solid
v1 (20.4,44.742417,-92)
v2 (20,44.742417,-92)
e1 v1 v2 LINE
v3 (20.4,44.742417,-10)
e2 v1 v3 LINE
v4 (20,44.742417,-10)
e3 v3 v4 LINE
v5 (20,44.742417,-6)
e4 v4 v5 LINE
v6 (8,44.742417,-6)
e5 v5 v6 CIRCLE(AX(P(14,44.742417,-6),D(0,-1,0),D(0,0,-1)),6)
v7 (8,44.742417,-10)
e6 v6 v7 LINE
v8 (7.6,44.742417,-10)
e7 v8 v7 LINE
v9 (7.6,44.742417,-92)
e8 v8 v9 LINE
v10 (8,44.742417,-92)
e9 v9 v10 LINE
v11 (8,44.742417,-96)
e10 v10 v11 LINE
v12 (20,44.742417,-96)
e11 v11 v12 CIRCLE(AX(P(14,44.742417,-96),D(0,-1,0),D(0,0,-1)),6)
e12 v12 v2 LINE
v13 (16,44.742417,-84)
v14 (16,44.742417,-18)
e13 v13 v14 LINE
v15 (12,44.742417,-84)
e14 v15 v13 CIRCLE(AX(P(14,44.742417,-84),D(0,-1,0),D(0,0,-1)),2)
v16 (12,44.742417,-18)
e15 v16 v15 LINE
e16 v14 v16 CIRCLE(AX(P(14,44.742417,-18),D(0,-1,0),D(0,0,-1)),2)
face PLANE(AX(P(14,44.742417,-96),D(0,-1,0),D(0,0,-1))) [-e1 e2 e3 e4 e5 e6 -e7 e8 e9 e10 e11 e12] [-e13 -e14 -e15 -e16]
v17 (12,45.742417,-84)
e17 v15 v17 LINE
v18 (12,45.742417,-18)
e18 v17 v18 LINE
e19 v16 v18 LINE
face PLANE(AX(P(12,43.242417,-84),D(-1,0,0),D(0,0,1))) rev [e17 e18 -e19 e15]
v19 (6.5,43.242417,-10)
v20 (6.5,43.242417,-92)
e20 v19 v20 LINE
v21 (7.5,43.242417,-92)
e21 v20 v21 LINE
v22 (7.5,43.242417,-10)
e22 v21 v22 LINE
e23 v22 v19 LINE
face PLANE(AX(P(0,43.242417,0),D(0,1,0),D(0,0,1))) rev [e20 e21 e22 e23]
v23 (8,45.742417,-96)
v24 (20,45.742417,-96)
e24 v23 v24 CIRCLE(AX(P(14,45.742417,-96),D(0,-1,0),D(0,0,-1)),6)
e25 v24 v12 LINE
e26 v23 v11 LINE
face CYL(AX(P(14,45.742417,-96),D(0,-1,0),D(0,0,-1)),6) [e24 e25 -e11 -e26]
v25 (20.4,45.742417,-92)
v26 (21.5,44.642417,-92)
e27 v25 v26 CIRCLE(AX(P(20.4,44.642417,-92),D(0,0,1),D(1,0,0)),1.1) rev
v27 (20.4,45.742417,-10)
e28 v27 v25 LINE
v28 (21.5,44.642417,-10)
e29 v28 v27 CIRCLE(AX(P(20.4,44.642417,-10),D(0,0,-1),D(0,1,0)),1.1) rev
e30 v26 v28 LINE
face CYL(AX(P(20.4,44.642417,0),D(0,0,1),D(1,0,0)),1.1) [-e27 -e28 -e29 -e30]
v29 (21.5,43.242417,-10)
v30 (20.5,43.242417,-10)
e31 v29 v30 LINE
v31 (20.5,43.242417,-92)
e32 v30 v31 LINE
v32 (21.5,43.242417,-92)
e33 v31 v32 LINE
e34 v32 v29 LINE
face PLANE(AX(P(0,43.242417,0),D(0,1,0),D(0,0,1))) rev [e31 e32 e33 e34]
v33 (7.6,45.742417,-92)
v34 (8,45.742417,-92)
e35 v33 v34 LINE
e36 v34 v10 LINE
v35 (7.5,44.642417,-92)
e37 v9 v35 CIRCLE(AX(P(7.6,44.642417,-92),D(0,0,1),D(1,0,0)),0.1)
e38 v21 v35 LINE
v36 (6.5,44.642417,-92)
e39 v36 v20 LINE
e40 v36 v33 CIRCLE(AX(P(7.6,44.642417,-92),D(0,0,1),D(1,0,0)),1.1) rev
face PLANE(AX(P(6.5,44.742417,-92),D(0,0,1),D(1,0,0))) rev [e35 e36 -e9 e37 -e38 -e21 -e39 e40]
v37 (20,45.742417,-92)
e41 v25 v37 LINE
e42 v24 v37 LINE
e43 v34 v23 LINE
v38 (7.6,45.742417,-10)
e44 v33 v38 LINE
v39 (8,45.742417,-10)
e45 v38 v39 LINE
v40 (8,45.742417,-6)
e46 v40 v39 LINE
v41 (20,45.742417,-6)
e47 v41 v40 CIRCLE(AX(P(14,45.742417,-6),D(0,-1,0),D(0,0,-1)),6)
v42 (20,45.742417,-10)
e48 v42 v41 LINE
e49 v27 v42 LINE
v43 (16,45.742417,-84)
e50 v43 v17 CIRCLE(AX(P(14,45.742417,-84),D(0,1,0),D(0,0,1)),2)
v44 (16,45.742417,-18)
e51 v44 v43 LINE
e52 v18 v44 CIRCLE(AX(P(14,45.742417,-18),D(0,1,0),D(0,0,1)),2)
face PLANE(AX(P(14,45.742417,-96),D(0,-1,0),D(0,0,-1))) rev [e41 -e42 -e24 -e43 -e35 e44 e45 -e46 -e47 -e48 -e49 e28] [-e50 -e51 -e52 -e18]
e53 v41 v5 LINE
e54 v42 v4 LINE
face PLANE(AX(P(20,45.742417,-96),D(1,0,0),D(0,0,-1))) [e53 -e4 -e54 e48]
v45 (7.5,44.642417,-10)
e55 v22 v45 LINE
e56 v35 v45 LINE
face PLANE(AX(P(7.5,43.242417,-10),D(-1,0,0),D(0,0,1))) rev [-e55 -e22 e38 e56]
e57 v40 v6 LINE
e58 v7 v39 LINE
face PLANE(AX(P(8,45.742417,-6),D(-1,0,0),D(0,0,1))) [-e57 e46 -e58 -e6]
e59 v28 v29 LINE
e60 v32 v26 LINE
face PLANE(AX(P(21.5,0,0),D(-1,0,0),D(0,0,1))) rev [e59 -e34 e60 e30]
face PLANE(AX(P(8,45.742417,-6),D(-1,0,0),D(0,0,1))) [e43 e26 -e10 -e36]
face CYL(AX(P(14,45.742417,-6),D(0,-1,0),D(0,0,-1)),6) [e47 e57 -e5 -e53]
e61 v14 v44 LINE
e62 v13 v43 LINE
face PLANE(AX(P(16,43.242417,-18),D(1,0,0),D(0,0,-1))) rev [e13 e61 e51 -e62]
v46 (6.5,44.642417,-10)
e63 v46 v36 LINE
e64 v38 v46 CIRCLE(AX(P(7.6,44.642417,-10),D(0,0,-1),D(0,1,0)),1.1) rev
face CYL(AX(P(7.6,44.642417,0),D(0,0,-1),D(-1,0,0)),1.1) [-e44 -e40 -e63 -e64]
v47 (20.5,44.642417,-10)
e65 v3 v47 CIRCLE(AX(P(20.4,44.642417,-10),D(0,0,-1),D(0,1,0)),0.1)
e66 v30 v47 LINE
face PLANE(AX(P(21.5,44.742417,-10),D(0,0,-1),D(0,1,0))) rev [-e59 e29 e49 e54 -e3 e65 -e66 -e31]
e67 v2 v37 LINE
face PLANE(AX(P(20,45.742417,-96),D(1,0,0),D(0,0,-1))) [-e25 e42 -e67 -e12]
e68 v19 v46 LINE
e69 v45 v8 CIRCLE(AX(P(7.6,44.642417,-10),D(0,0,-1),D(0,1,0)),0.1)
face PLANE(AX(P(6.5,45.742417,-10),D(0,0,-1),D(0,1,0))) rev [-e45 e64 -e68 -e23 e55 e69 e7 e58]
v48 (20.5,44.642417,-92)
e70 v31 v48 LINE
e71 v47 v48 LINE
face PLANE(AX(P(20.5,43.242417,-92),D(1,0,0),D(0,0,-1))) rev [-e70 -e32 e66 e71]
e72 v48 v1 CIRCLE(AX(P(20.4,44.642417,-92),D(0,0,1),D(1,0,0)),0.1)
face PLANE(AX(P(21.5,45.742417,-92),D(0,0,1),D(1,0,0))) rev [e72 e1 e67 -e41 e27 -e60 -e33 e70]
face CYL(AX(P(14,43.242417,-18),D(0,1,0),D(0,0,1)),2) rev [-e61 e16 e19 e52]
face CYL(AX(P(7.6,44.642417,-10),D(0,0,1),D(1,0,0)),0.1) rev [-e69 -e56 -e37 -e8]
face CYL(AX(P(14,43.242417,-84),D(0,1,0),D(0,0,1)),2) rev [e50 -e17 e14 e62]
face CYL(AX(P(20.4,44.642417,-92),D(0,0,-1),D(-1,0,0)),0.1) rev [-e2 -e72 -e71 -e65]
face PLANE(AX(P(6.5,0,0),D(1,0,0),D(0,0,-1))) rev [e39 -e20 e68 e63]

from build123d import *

# Parameters (mm, degrees)
SALIENTE_EXTRUIR1_DEPTH = 1
CROQUIS2_W              = 82
CROQUIS2_H              = 1
SALIENTE_EXTRUIR2_DEPTH = 1.5
CROQUIS3_W              = 1
CROQUIS3_H              = 82
SALIENTE_EXTRUIR3_DEPTH = 1.5
CROQUIS4_W              = 82
CROQUIS4_H              = 1
SALIENTE_EXTRUIR4_DEPTH = 1.5
CROQUIS5_W              = 1
CROQUIS5_H              = 82
SALIENTE_EXTRUIR5_DEPTH = 1.5
CORTAR_EXTRUIR1_DEPTH   = 105.271280802
REDONDEO1_R             = 0.1
REDONDEO2_R             = 1.1


with BuildPart() as part:
    # Croquis1 → Saliente-Extruir1 (new body)
    with BuildSketch(Plane.XZ.offset(-44.742417107)):
        with BuildLine():
            Line((20, -96), (20, -6))
            ThreePointArc((20, -6), (14, 0), (8, -6))
            Line((8, -6), (8, -96))
            ThreePointArc((8, -96), (14, -102), (20, -96))
        make_face()
    extrude(amount=-SALIENTE_EXTRUIR1_DEPTH)

    # Croquis2 → Saliente-Extruir2 (add)
    with BuildSketch(Plane(origin=(20, 0, 0), x_dir=(0, 0, -1), z_dir=(1, 0, 0))):
        with Locations((51, 45.242417107)):
            Rectangle(CROQUIS2_W, CROQUIS2_H)
    extrude(amount=SALIENTE_EXTRUIR2_DEPTH)

    # Croquis3 → Saliente-Extruir3 (add)
    with BuildSketch(Plane.XZ.offset(-44.742417107)):
        with Locations((21, -51)):
            Rectangle(CROQUIS3_W, CROQUIS3_H)
    extrude(amount=SALIENTE_EXTRUIR3_DEPTH)

    # Croquis4 → Saliente-Extruir4 (add)
    with BuildSketch(Plane.ZY.offset(-8)):
        with Locations((-51, 45.242417107)):
            Rectangle(CROQUIS4_W, CROQUIS4_H)
    extrude(amount=SALIENTE_EXTRUIR4_DEPTH)

    # Croquis5 → Saliente-Extruir5 (add)
    with BuildSketch(Plane.XZ.offset(-44.742417107)):
        with Locations((7, -51)):
            Rectangle(CROQUIS5_W, CROQUIS5_H)
    extrude(amount=SALIENTE_EXTRUIR5_DEPTH)

    # Croquis6 → Cortar-Extruir1 (cut, through all)
    with BuildSketch(Plane(origin=(0, 45.742417107, 0), x_dir=(-1, 0, 0), z_dir=(0, 1, 0))):
        with BuildLine():
            Line((-12, -84), (-12, -18))
            ThreePointArc((-12, -18), (-14, -16), (-16, -18))
            Line((-16, -18), (-16, -84))
            ThreePointArc((-16, -84), (-14, -86), (-12, -84))
        make_face()
    extrude(amount=-CORTAR_EXTRUIR1_DEPTH, mode=Mode.SUBTRACT)

    # Redondeo1
    redondeo1_edges = [part.edges().sort_by_distance(p)[0] for p in [
        (20.5, 44.742417107, -51),
        (7.5, 44.742417107, -51),
    ]]
    fillet(redondeo1_edges, radius=REDONDEO1_R)

    # Redondeo2
    redondeo2_edges = [part.edges().sort_by_distance(p)[0] for p in [
        (21.5, 45.742417107, -51),
        (6.5, 45.742417107, -51),
    ]]
    fillet(redondeo2_edges, radius=REDONDEO2_R)


solid = part.part
